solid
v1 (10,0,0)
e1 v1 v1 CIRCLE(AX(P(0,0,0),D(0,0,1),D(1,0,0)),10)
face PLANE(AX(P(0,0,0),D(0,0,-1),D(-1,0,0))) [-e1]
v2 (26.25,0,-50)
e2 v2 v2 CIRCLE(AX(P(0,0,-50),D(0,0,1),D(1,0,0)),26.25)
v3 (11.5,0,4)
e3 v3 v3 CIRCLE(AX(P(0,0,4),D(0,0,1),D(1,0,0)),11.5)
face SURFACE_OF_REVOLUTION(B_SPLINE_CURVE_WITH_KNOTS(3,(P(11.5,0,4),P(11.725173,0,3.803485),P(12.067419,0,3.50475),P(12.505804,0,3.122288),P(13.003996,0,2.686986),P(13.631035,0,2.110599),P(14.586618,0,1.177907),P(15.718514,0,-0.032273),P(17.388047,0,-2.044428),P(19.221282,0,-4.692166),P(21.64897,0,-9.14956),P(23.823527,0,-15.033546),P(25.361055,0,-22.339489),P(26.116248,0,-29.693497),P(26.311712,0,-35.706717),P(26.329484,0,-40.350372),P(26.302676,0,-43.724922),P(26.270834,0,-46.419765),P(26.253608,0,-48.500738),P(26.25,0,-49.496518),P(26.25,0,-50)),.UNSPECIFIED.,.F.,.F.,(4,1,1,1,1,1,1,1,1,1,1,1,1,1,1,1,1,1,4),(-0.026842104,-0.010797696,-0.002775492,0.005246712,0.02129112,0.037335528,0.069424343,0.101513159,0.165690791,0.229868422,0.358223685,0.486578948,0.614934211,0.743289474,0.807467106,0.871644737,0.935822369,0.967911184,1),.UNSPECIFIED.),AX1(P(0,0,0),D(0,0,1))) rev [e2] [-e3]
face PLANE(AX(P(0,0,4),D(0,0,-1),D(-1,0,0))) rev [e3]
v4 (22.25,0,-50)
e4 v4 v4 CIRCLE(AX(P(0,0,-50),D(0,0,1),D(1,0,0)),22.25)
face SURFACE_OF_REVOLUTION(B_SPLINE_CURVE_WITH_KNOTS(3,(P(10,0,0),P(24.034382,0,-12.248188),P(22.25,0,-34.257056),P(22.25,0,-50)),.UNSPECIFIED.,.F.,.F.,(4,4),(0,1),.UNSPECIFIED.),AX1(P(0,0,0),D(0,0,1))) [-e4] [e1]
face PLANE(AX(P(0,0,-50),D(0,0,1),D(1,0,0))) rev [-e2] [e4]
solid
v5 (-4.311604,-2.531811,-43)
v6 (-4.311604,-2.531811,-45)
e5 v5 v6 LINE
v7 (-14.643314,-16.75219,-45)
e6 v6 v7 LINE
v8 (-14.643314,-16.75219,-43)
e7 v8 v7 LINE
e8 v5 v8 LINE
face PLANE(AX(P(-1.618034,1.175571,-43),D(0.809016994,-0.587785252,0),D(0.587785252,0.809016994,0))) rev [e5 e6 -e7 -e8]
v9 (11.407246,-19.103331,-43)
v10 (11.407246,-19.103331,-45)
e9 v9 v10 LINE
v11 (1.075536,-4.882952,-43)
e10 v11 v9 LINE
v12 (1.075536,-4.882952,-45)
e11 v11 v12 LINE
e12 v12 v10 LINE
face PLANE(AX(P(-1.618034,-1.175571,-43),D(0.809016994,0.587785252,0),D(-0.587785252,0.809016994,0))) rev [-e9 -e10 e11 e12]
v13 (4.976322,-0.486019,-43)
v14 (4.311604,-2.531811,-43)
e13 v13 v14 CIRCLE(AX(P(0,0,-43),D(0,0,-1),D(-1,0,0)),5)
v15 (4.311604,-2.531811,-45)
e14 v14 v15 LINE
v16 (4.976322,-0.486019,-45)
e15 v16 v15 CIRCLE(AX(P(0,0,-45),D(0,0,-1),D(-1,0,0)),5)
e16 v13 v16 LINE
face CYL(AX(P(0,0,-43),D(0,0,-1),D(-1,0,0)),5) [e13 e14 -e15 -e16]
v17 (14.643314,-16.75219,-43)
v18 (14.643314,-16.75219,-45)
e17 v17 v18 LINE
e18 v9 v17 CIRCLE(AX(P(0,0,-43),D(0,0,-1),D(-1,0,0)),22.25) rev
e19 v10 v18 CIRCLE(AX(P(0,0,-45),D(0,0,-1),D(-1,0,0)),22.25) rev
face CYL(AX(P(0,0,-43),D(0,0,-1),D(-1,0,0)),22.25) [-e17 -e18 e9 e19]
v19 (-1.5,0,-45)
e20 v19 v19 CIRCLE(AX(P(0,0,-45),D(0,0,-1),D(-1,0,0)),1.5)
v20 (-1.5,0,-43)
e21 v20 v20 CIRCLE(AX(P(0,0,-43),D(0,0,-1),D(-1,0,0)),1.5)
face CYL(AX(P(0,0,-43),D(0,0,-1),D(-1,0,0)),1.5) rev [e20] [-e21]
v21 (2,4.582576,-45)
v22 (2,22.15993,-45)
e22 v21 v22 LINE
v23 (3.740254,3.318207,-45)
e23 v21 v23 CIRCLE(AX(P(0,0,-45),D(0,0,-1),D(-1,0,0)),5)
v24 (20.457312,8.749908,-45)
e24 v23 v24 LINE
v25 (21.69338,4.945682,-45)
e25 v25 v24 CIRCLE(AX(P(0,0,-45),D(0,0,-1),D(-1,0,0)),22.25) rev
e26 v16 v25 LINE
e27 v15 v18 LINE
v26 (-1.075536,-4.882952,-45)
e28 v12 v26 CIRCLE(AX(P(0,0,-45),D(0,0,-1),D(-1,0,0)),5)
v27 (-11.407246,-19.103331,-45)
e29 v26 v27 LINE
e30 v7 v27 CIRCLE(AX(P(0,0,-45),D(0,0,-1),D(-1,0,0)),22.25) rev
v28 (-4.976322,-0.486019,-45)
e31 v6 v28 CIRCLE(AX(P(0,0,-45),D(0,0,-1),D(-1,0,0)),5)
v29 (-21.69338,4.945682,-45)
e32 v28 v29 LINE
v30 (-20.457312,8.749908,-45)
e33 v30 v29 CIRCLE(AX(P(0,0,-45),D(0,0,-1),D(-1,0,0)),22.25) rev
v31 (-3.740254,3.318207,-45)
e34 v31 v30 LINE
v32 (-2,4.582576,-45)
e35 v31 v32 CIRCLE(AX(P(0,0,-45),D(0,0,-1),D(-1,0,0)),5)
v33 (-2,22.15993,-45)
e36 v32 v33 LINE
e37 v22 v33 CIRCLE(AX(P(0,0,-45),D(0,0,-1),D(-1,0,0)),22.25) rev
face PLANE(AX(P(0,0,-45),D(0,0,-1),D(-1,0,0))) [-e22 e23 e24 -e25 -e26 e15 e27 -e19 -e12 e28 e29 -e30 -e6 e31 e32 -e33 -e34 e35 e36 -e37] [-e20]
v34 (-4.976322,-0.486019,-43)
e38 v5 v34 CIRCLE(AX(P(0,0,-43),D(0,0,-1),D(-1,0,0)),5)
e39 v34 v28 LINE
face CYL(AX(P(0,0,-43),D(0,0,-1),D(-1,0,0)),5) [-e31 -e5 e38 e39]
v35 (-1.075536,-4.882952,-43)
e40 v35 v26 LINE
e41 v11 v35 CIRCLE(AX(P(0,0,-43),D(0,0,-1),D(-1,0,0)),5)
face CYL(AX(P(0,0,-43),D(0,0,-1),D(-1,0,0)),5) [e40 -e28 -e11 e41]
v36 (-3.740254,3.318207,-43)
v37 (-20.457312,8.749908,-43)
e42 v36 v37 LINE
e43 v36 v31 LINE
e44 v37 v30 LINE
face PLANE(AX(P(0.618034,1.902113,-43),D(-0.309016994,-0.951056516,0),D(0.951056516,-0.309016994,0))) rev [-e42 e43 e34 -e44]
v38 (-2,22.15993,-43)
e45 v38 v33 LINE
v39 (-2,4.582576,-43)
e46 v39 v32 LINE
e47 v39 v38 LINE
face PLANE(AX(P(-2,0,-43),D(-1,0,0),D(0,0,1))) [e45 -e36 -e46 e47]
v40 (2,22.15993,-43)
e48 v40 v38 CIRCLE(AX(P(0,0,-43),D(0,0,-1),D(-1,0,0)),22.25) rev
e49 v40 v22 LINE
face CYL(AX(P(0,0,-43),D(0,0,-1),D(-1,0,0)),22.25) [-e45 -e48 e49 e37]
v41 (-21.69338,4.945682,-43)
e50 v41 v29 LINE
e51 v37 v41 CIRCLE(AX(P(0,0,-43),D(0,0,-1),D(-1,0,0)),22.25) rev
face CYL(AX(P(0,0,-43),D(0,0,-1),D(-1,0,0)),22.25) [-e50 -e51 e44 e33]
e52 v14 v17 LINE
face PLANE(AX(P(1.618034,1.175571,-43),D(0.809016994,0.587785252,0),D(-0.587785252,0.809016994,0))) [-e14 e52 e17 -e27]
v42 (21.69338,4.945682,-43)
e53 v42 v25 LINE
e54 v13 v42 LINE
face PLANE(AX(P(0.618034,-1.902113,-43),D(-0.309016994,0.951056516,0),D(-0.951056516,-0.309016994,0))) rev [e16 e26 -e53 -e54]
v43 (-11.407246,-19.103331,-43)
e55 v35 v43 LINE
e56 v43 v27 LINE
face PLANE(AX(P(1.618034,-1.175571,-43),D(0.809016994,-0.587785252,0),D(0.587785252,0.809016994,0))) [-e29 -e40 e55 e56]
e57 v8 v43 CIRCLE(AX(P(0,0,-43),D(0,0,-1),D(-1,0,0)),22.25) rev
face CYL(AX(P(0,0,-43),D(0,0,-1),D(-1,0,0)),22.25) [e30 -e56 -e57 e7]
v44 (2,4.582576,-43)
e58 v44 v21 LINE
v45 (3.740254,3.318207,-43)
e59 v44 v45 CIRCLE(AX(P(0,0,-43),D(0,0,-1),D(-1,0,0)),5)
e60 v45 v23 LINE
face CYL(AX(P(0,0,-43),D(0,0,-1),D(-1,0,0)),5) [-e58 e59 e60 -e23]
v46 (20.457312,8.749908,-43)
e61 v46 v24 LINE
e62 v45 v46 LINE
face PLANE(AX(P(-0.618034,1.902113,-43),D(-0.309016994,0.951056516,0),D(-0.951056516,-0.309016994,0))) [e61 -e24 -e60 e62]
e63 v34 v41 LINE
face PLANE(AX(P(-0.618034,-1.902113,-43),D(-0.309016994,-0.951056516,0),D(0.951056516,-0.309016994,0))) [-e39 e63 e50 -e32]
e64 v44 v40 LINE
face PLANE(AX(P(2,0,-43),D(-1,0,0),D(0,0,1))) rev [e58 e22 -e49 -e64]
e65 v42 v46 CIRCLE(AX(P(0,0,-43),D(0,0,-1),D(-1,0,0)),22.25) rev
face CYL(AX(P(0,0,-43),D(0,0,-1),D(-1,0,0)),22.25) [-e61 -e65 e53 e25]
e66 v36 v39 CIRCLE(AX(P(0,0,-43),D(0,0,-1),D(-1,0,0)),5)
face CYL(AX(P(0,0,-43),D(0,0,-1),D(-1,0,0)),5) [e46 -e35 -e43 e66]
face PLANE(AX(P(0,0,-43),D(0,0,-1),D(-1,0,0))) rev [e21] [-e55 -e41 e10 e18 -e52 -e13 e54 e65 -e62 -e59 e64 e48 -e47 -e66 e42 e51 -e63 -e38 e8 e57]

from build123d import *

# Parameters (mm, degrees)
BOSS_EXTRUDE1_START = -5
SKETCH2_R           = 5
SKETCH2_R_2         = 1.5
BOSS_EXTRUDE1_DEPTH = 2


with BuildPart() as part:
    # Sketch1 → shell (revolve)
    with BuildSketch(Plane(origin=(0, 0, 0), x_dir=(1, 0, 0), z_dir=(0, 1, 0))):
        with BuildLine():
            Line((11.5, -4), (0, -4))
            Line((0, -4), (0, 0))
            Line((0, 0), (10, 0))
            add(Edge.make_bspline(
                [(10, 0), (24.034381635, 12.248187609), (22.25, 34.257055754), (22.25, 50)],
                knots=[0, 0, 0, 0, 1, 1, 1, 1], degree=3))
            Line((22.25, 50), (26.25, 50))
            add(Edge.make_bspline(
                [(11.5, -4), (11.725173343, -3.803485082), (12.067418801, -3.504749737), (12.505804305, -3.122287819), (13.003995722, -2.686986315), (13.631035477, -2.110599487), (14.586618128, -1.177906899), (15.718513744, 0.032272543), (17.388046624, 2.04442819), (19.221282106, 4.692166419), (21.648969692, 9.149559888), (23.823527306, 15.033546425), (25.361055027, 22.339489226), (26.116247645, 29.693496956), (26.311712181, 35.706717236), (26.329483565, 40.350371596), (26.302675507, 43.724921754), (26.27083444, 46.419765101), (26.253607546, 48.500738482), (26.25, 49.496517954), (26.25, 50)],
                knots=[-0.026842104, -0.026842104, -0.026842104, -0.026842104, -0.010797696, -0.002775492, 0.005246712, 0.02129112, 0.037335528, 0.069424343, 0.101513159, 0.165690791, 0.229868422, 0.358223685, 0.486578948, 0.614934211, 0.743289474, 0.807467106, 0.871644737, 0.935822369, 0.967911184, 1, 1, 1, 1], degree=3))
        make_face()
    revolve(axis=Axis((0, 0, 0), (0, 0, -1)))


with BuildPart() as body_2:
    # Sketch2 → Boss-Extrude1 (new body)
    with BuildSketch(Plane(origin=(0, 0, -50), x_dir=(-1, 0, 0), z_dir=(0, 0, -1)).offset(BOSS_EXTRUDE1_START)):
        with BuildLine():
            Line((14.643314066, -16.752189503), (4.3116044, -2.531811111))
            ThreePointArc((4.3116044, -2.531811111), (2.938926261, -4.045084972), (1.075536422, -4.88295212))
            Line((1.075536422, -4.88295212), (11.407246089, -19.103330512))
            ThreePointArc((11.407246089, -19.103330512), (13.078221864, -18.000628125), (14.643314066, -16.752189503))
        make_face()
        Circle(SKETCH2_R)
        Circle(SKETCH2_R_2, mode=Mode.SUBTRACT)
        with BuildLine():
            ThreePointArc((-1.075536422, -4.88295212), (-2.938926261, -4.045084972), (-4.3116044, -2.531811111))
            Line((-4.3116044, -2.531811111), (-14.643314066, -16.752189503))
            ThreePointArc((-14.643314066, -16.752189503), (-13.078221864, -18.000628125), (-11.407246089, -19.103330512))
            Line((-11.407246089, -19.103330512), (-1.075536422, -4.88295212))
        make_face()
        with BuildLine():
            ThreePointArc((-4.976322465, -0.486019265), (-4.755282581, 1.545084972), (-3.740254487, 3.3182068))
            Line((-3.740254487, 3.3182068), (-20.45731189, 8.749908013))
            ThreePointArc((-20.45731189, 8.749908013), (-21.161007488, 6.875628125), (-21.693379867, 4.945681948))
            Line((-21.693379867, 4.945681948), (-4.976322465, -0.486019265))
        make_face()
        with BuildLine():
            ThreePointArc((-2, 4.582575695), (0, 5), (2, 4.582575695))
            Line((2, 4.582575695), (2, 22.159930054))
            ThreePointArc((2, 22.159930054), (0, 22.25), (-2, 22.159930054))
            Line((-2, 22.159930054), (-2, 4.582575695))
        make_face()
        with BuildLine():
            Line((20.45731189, 8.749908013), (3.740254487, 3.3182068))
            ThreePointArc((3.740254487, 3.3182068), (4.67446641, 1.774644692), (5, 0))
            ThreePointArc((5, 0), (4.994077108, -0.243297838), (4.976322465, -0.486019265))
            Line((4.976322465, -0.486019265), (21.693379867, 4.945681948))
            ThreePointArc((21.693379867, 4.945681948), (21.161007488, 6.875628125), (20.45731189, 8.749908013))
        make_face()
    extrude(amount=-BOSS_EXTRUDE1_DEPTH)


solid = Compound([part.part, body_2.part])
